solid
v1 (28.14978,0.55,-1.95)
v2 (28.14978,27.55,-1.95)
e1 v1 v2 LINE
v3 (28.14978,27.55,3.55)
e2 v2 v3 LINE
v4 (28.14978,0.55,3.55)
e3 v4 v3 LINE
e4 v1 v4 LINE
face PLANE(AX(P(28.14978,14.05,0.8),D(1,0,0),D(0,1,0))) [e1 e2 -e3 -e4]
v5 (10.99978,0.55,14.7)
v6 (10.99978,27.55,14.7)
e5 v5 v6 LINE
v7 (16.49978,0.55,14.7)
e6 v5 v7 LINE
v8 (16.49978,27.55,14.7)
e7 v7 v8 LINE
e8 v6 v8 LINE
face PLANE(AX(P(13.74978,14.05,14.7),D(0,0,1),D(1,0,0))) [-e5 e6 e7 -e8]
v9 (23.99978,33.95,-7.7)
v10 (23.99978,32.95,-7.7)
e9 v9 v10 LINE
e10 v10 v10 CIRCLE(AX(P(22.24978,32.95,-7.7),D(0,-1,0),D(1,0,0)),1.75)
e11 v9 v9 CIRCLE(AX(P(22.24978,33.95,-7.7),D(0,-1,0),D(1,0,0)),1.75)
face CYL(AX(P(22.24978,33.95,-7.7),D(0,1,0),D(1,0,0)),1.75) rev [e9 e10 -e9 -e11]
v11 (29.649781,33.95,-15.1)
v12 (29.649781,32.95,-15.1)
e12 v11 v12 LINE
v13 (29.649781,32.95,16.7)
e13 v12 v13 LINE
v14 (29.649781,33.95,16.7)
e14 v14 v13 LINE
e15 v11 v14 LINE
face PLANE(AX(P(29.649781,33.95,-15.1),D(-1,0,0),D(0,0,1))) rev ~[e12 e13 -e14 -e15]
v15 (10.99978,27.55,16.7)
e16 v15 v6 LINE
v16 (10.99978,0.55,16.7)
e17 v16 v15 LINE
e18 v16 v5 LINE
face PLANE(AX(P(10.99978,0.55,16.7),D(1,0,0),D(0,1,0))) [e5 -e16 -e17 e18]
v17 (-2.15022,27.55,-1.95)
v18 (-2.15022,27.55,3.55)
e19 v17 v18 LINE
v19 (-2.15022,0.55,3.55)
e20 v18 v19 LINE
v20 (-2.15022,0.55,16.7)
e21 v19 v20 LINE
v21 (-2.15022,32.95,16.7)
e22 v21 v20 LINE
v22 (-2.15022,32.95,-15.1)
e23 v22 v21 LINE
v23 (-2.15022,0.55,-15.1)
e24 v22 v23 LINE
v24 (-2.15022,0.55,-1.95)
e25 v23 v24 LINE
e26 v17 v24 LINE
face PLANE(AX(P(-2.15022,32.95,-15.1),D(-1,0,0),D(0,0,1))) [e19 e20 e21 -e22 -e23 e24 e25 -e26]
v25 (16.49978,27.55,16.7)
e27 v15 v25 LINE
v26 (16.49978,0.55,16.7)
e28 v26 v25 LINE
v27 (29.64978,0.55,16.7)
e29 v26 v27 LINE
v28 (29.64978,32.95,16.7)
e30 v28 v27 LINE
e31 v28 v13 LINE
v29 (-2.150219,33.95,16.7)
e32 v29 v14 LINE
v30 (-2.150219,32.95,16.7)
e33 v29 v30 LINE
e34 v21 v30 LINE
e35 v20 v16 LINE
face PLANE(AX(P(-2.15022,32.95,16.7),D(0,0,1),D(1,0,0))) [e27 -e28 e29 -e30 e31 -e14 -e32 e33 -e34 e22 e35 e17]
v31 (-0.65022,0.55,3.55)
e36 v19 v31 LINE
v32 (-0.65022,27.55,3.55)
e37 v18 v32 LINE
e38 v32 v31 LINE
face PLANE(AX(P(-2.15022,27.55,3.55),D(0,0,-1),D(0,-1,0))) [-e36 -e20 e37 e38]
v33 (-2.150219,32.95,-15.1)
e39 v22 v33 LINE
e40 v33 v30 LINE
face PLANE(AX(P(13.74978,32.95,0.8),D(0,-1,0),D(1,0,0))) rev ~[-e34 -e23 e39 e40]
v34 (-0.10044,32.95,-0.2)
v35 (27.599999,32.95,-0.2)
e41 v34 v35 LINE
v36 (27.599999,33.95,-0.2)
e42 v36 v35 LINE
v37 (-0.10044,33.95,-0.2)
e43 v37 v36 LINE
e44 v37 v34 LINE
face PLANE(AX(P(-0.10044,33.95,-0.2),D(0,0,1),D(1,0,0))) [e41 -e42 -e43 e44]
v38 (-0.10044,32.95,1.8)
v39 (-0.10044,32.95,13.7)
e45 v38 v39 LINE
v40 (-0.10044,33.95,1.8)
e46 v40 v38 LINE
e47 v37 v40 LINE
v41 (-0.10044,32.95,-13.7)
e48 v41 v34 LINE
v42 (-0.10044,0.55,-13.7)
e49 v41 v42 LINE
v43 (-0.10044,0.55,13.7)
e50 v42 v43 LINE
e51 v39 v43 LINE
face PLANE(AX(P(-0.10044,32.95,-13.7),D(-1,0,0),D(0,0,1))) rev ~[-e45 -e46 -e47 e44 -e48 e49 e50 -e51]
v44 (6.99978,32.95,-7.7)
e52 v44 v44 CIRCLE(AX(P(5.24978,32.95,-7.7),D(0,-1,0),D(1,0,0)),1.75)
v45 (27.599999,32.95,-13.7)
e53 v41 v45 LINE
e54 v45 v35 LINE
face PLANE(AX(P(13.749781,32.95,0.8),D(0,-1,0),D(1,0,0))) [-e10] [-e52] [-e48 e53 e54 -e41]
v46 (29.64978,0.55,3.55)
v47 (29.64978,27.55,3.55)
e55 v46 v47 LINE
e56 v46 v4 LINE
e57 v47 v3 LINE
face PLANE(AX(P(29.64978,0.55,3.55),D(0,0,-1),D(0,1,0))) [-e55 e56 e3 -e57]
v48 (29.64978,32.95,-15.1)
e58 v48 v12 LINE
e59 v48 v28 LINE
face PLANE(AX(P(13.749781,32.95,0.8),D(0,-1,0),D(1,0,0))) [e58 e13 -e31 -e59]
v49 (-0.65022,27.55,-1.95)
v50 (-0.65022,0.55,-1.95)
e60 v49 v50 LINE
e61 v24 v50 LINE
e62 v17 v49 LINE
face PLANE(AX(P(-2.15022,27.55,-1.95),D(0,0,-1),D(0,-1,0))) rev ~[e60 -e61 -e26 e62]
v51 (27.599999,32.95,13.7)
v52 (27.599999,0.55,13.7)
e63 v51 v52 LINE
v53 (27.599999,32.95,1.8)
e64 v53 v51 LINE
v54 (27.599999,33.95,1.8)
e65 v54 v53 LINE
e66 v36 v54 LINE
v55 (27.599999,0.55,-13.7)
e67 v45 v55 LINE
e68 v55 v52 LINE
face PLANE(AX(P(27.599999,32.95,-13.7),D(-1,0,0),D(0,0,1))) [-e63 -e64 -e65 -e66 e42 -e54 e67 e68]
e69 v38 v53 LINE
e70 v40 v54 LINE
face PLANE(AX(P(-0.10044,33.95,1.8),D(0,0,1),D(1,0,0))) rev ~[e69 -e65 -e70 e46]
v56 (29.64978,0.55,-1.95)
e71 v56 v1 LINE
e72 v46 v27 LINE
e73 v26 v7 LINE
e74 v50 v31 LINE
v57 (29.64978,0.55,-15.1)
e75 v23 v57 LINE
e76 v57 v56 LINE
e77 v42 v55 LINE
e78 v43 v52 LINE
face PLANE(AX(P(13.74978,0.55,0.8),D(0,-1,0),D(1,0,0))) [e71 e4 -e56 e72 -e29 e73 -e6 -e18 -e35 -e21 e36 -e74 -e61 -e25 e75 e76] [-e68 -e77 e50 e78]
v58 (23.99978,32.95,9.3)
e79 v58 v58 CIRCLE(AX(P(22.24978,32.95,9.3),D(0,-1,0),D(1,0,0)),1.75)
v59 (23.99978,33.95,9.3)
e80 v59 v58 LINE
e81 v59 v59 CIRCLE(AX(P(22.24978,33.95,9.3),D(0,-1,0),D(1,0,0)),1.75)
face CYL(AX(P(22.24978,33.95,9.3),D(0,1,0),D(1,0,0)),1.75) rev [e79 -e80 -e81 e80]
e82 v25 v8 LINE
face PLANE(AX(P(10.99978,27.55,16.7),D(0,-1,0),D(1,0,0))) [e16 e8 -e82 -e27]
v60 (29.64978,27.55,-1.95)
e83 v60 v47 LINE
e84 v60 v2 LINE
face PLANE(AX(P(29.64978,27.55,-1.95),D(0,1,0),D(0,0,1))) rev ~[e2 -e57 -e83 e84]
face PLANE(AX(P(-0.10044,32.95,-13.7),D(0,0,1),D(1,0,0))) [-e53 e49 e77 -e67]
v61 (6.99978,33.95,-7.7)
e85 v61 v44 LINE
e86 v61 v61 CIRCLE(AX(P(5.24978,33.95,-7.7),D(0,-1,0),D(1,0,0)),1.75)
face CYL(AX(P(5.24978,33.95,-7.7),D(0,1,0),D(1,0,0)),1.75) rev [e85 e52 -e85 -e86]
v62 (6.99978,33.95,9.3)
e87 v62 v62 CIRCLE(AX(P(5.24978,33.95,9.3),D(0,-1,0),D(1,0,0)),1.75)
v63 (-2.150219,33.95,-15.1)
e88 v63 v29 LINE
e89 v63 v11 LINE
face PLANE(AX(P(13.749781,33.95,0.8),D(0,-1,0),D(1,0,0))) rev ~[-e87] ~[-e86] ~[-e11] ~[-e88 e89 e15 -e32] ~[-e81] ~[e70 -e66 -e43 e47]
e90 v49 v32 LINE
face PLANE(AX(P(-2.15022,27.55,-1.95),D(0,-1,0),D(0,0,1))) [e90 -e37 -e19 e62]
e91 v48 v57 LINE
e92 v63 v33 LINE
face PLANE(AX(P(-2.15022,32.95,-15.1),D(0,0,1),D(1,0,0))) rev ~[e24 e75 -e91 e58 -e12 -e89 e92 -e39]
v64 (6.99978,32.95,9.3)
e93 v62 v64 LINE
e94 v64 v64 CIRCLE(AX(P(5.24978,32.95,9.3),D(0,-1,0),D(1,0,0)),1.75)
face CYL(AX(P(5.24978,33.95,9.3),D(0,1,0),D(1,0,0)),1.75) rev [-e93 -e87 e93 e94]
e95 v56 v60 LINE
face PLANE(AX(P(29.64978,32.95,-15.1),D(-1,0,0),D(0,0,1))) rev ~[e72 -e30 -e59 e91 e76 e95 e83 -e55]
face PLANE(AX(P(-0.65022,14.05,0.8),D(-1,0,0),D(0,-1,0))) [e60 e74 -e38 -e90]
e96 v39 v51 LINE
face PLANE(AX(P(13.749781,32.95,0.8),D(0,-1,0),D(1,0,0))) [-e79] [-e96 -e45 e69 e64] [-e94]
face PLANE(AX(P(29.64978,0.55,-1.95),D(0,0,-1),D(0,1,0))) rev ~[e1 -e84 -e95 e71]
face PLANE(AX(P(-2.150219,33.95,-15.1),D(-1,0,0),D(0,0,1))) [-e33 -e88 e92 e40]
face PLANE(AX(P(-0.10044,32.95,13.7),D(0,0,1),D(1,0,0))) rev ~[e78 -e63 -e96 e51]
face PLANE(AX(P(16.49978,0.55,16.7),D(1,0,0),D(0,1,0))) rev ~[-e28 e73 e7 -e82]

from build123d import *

# Parameters (mm, degrees)
SKETCH013_W     = 31.8
SKETCH013_H     = 31.8
SKETCH013_R     = 1.75
SKETCH013_W_2   = 27.700439
SKETCH013_H_2   = 2
PAD005_DEPTH    = 1
SKETCH014_W     = 31.8
SKETCH014_H     = 31.8
SKETCH014_W_2   = 27.700439
SKETCH014_H_2   = 27.4
PAD006_DEPTH    = 32.4
SKETCH024_W     = 5.5
SKETCH024_H     = 27
POCKET010_DEPTH = 2
SKETCH025_W     = 27
SKETCH025_H     = 5.5
POCKET011_DEPTH = 1.5
SKETCH026_W     = 27
SKETCH026_H     = 5.5
POCKET012_DEPTH = 1.5


with BuildPart() as part:
    # Sketch013 (on Face2 of Binder003) → Pad005 (new body)
    with BuildSketch(Plane.XZ.offset(-33.95)):
        with Locations((13.749781, 0.8)):
            Rectangle(SKETCH013_W, SKETCH013_H)
        with Locations((5.24978, 9.3)):
            Circle(SKETCH013_R, mode=Mode.SUBTRACT)
        with Locations((22.24978, 9.3)):
            Circle(SKETCH013_R, mode=Mode.SUBTRACT)
        with Locations((22.24978, -7.7)):
            Circle(SKETCH013_R, mode=Mode.SUBTRACT)
        with Locations((5.24978, -7.7)):
            Circle(SKETCH013_R, mode=Mode.SUBTRACT)
        with Locations((13.74978, 0.8)):
            Rectangle(SKETCH013_W_2, SKETCH013_H_2, mode=Mode.SUBTRACT)
    extrude(amount=PAD005_DEPTH)

    # Sketch014 (on Face14 of Pad005) → Pad006 (join)
    with BuildSketch(Plane.XZ.offset(-32.95)):
        with Locations((13.74978, 0.8)):
            Rectangle(SKETCH014_W, SKETCH014_H)
        with Locations((13.74978, 0)):
            Rectangle(SKETCH014_W_2, SKETCH014_H_2, mode=Mode.SUBTRACT)
    extrude(amount=PAD006_DEPTH)

    # Sketch024 (on Face14 of Pad006) → Pocket010 (cut)
    with BuildSketch(Plane.XY.offset(16.7)):
        with Locations((13.74978, 14.05)):
            Rectangle(SKETCH024_W, SKETCH024_H)
    extrude(amount=-POCKET010_DEPTH, mode=Mode.SUBTRACT)

    # Sketch025 (on Face2 of Pocket010) → Pocket011 (cut)
    with BuildSketch(Plane(origin=(-2.15022, 0, 0), x_dir=(0, -1, 0), z_dir=(-1, 0, 0))):
        with Locations((-14.05, 0.8)):
            Rectangle(SKETCH025_W, SKETCH025_H)
    extrude(amount=-POCKET011_DEPTH, mode=Mode.SUBTRACT)

    # Sketch026 (on Face4 of Pocket011) → Pocket012 (cut)
    with BuildSketch(Plane.YZ.offset(29.64978)):
        with Locations((14.05, 0.8)):
            Rectangle(SKETCH026_W, SKETCH026_H)
    extrude(amount=-POCKET012_DEPTH, mode=Mode.SUBTRACT)


solid = part.part
